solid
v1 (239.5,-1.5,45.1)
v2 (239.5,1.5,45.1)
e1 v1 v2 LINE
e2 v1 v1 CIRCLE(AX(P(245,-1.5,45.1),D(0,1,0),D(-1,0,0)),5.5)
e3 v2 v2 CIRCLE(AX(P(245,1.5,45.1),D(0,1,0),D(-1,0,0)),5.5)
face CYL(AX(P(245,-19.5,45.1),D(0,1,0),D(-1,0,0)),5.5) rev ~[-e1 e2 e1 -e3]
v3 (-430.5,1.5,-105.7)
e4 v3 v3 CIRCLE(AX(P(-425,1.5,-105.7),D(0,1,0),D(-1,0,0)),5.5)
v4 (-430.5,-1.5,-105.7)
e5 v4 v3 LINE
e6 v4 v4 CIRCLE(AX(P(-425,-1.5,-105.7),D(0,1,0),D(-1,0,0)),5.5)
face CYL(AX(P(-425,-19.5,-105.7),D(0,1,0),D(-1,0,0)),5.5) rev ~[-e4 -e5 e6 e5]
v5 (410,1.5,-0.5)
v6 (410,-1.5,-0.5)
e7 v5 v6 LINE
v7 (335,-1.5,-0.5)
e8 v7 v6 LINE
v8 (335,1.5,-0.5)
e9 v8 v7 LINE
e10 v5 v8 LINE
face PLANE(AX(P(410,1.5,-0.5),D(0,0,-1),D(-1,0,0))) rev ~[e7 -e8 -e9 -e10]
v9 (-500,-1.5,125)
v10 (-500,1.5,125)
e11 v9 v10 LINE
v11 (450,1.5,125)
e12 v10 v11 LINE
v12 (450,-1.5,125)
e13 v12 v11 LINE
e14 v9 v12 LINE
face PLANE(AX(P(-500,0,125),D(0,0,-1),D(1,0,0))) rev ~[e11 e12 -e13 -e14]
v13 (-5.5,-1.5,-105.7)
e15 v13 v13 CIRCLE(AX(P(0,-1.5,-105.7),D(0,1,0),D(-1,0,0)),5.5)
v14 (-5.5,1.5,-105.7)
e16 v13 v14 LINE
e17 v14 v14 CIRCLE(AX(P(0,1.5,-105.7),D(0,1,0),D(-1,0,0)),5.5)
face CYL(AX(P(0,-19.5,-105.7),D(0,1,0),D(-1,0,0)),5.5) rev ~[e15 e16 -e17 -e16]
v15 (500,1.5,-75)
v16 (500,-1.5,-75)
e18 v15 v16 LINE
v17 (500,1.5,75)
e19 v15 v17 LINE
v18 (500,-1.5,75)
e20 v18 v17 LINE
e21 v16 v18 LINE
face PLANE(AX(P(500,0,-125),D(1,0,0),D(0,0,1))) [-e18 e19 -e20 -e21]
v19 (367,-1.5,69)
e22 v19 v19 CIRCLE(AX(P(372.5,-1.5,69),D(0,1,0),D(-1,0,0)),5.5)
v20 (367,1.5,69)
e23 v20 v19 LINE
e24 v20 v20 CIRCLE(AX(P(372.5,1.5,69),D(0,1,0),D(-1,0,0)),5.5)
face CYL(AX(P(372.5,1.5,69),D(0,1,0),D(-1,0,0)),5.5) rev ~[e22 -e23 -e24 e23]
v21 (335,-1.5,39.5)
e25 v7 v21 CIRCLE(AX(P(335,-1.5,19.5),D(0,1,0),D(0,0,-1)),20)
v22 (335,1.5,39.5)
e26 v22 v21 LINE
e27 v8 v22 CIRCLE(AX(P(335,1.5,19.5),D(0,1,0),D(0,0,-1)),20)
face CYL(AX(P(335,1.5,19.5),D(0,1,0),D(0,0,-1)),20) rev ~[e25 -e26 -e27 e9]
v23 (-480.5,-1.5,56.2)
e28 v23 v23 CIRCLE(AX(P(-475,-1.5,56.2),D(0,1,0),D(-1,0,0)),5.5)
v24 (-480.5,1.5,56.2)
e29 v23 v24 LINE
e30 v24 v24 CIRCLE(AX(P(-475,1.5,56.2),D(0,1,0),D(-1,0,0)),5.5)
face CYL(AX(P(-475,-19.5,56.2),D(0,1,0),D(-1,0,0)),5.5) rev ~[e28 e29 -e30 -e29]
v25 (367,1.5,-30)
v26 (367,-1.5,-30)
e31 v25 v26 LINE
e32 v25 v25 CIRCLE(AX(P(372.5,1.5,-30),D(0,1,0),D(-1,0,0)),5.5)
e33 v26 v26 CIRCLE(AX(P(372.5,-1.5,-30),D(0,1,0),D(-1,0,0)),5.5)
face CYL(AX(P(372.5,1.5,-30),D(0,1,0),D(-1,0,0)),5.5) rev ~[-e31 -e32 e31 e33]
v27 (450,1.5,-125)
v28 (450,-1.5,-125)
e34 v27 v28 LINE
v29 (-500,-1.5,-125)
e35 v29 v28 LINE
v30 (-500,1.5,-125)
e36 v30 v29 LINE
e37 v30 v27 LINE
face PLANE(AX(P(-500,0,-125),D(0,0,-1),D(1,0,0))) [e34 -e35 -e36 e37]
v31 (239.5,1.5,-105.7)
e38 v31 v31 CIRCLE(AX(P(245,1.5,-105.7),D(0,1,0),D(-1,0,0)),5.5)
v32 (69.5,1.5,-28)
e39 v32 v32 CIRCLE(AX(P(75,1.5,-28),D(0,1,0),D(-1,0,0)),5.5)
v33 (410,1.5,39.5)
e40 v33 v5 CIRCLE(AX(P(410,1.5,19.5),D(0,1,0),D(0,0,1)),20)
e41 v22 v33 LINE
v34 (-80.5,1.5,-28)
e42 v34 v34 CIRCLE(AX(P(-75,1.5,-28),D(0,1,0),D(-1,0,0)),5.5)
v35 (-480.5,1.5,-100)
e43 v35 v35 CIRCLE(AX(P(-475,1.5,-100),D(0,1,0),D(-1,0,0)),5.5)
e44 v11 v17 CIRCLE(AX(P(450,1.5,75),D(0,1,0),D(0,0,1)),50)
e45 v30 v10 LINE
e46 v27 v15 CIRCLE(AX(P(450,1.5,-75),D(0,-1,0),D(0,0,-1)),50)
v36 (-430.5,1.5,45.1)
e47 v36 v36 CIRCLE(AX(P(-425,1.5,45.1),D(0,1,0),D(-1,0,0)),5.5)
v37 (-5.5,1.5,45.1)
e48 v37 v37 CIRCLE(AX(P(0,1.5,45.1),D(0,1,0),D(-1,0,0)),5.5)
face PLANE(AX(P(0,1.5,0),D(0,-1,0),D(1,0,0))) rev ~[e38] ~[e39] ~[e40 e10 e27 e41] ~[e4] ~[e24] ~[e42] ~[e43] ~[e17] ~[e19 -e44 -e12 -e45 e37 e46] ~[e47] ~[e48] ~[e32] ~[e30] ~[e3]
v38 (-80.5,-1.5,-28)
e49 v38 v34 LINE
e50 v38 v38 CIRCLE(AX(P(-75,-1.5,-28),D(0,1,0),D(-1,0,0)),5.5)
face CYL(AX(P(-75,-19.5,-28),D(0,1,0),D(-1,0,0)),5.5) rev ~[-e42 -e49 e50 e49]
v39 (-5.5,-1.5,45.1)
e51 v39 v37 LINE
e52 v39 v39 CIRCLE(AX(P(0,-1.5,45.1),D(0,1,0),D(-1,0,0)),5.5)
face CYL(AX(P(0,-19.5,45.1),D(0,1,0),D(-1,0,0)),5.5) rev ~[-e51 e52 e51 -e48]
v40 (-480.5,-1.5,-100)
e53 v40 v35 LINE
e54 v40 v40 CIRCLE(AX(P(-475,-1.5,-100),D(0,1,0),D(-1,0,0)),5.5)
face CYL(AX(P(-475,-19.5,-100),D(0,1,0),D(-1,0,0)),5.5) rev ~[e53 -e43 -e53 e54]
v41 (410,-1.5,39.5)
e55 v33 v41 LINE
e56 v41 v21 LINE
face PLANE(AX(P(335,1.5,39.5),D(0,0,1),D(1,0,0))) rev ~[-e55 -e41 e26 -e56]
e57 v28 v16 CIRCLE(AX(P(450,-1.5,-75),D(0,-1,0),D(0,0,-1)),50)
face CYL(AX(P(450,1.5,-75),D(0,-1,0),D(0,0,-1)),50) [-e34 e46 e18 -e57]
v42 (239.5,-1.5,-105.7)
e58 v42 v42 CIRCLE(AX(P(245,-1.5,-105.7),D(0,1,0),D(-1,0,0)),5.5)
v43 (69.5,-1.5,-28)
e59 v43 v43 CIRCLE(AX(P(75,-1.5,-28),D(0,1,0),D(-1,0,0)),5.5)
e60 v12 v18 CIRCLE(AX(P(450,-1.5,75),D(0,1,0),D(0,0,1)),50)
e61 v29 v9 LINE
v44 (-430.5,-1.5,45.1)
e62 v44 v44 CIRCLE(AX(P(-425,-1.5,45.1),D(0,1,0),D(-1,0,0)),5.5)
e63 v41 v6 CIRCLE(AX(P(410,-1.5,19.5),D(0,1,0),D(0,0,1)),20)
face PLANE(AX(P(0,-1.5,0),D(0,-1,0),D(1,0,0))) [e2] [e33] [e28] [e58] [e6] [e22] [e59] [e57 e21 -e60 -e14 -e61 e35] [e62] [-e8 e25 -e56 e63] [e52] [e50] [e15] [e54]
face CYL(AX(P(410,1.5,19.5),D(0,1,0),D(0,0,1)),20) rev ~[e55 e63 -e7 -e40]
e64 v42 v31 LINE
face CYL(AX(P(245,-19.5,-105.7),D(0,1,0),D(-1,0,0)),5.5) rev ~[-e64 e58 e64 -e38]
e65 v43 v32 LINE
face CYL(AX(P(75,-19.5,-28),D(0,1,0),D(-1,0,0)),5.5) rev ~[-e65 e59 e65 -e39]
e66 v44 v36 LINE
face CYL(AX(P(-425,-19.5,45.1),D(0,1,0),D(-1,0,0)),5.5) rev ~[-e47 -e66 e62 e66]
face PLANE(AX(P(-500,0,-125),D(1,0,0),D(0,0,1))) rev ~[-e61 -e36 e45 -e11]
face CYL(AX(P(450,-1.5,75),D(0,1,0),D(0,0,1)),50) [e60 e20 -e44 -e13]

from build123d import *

# Parameters (mm, degrees)
F0_W     = 1000
F0_H     = 250
F1_DEPTH = 1.5
F3_D     = 11
F3_DEPTH = 18
F3_TIP   = 3.3047334047
F4_R     = 5.5
F5_DEPTH = 3.001
F6_R     = 50


with BuildPart() as f1:
    # F0 (on Front) → F1 (new body, symmetric)
    with BuildSketch(Plane.XZ):
        Rectangle(F0_W, F0_H)
    extrude(amount=F1_DEPTH, both=True)

    # F3
    with Locations(Plane.XZ.offset(1.5)):
        with Locations((-475, 56.2), (-475, -100), (-425, -105.7), (-425, 45.1), (-75, -28), (75, -28), (0, -105.7), (0, 45.1), (245, 45.1), (245, -105.7)):
            Hole(F3_D / 2, depth=F3_DEPTH)
            with Locations((0, 0, -(F3_DEPTH + F3_TIP / 2))):  # 118° drill point
                Cone(0, F3_D / 2, F3_TIP, mode=Mode.SUBTRACT)

    # F4 (on face) → F5 (cut, through all)
    with BuildSketch(Plane(origin=(0, 1.5, 0), x_dir=(-1, 0, 0), z_dir=(0, 1, 0))):
        with Locations((-372.5, -30)):
            Circle(F4_R)
        with Locations((-372.5, 69)):
            Circle(F4_R)
        with BuildLine():
            ThreePointArc((-410, 39.5), (-430, 19.5), (-410, -0.5))
            Line((-410, -0.5), (-335, -0.5))
            ThreePointArc((-335, -0.5), (-315, 19.5), (-335, 39.5))
            Line((-335, 39.5), (-410, 39.5))
        make_face()
    extrude(amount=-F5_DEPTH, mode=Mode.SUBTRACT)

    # F6
    f6_edges = [f1.edges().sort_by_distance(p)[0] for p in [
        (500, 0, 125),
        (500, 0, -125),
    ]]
    fillet(f6_edges, radius=F6_R)


solid = f1.part
